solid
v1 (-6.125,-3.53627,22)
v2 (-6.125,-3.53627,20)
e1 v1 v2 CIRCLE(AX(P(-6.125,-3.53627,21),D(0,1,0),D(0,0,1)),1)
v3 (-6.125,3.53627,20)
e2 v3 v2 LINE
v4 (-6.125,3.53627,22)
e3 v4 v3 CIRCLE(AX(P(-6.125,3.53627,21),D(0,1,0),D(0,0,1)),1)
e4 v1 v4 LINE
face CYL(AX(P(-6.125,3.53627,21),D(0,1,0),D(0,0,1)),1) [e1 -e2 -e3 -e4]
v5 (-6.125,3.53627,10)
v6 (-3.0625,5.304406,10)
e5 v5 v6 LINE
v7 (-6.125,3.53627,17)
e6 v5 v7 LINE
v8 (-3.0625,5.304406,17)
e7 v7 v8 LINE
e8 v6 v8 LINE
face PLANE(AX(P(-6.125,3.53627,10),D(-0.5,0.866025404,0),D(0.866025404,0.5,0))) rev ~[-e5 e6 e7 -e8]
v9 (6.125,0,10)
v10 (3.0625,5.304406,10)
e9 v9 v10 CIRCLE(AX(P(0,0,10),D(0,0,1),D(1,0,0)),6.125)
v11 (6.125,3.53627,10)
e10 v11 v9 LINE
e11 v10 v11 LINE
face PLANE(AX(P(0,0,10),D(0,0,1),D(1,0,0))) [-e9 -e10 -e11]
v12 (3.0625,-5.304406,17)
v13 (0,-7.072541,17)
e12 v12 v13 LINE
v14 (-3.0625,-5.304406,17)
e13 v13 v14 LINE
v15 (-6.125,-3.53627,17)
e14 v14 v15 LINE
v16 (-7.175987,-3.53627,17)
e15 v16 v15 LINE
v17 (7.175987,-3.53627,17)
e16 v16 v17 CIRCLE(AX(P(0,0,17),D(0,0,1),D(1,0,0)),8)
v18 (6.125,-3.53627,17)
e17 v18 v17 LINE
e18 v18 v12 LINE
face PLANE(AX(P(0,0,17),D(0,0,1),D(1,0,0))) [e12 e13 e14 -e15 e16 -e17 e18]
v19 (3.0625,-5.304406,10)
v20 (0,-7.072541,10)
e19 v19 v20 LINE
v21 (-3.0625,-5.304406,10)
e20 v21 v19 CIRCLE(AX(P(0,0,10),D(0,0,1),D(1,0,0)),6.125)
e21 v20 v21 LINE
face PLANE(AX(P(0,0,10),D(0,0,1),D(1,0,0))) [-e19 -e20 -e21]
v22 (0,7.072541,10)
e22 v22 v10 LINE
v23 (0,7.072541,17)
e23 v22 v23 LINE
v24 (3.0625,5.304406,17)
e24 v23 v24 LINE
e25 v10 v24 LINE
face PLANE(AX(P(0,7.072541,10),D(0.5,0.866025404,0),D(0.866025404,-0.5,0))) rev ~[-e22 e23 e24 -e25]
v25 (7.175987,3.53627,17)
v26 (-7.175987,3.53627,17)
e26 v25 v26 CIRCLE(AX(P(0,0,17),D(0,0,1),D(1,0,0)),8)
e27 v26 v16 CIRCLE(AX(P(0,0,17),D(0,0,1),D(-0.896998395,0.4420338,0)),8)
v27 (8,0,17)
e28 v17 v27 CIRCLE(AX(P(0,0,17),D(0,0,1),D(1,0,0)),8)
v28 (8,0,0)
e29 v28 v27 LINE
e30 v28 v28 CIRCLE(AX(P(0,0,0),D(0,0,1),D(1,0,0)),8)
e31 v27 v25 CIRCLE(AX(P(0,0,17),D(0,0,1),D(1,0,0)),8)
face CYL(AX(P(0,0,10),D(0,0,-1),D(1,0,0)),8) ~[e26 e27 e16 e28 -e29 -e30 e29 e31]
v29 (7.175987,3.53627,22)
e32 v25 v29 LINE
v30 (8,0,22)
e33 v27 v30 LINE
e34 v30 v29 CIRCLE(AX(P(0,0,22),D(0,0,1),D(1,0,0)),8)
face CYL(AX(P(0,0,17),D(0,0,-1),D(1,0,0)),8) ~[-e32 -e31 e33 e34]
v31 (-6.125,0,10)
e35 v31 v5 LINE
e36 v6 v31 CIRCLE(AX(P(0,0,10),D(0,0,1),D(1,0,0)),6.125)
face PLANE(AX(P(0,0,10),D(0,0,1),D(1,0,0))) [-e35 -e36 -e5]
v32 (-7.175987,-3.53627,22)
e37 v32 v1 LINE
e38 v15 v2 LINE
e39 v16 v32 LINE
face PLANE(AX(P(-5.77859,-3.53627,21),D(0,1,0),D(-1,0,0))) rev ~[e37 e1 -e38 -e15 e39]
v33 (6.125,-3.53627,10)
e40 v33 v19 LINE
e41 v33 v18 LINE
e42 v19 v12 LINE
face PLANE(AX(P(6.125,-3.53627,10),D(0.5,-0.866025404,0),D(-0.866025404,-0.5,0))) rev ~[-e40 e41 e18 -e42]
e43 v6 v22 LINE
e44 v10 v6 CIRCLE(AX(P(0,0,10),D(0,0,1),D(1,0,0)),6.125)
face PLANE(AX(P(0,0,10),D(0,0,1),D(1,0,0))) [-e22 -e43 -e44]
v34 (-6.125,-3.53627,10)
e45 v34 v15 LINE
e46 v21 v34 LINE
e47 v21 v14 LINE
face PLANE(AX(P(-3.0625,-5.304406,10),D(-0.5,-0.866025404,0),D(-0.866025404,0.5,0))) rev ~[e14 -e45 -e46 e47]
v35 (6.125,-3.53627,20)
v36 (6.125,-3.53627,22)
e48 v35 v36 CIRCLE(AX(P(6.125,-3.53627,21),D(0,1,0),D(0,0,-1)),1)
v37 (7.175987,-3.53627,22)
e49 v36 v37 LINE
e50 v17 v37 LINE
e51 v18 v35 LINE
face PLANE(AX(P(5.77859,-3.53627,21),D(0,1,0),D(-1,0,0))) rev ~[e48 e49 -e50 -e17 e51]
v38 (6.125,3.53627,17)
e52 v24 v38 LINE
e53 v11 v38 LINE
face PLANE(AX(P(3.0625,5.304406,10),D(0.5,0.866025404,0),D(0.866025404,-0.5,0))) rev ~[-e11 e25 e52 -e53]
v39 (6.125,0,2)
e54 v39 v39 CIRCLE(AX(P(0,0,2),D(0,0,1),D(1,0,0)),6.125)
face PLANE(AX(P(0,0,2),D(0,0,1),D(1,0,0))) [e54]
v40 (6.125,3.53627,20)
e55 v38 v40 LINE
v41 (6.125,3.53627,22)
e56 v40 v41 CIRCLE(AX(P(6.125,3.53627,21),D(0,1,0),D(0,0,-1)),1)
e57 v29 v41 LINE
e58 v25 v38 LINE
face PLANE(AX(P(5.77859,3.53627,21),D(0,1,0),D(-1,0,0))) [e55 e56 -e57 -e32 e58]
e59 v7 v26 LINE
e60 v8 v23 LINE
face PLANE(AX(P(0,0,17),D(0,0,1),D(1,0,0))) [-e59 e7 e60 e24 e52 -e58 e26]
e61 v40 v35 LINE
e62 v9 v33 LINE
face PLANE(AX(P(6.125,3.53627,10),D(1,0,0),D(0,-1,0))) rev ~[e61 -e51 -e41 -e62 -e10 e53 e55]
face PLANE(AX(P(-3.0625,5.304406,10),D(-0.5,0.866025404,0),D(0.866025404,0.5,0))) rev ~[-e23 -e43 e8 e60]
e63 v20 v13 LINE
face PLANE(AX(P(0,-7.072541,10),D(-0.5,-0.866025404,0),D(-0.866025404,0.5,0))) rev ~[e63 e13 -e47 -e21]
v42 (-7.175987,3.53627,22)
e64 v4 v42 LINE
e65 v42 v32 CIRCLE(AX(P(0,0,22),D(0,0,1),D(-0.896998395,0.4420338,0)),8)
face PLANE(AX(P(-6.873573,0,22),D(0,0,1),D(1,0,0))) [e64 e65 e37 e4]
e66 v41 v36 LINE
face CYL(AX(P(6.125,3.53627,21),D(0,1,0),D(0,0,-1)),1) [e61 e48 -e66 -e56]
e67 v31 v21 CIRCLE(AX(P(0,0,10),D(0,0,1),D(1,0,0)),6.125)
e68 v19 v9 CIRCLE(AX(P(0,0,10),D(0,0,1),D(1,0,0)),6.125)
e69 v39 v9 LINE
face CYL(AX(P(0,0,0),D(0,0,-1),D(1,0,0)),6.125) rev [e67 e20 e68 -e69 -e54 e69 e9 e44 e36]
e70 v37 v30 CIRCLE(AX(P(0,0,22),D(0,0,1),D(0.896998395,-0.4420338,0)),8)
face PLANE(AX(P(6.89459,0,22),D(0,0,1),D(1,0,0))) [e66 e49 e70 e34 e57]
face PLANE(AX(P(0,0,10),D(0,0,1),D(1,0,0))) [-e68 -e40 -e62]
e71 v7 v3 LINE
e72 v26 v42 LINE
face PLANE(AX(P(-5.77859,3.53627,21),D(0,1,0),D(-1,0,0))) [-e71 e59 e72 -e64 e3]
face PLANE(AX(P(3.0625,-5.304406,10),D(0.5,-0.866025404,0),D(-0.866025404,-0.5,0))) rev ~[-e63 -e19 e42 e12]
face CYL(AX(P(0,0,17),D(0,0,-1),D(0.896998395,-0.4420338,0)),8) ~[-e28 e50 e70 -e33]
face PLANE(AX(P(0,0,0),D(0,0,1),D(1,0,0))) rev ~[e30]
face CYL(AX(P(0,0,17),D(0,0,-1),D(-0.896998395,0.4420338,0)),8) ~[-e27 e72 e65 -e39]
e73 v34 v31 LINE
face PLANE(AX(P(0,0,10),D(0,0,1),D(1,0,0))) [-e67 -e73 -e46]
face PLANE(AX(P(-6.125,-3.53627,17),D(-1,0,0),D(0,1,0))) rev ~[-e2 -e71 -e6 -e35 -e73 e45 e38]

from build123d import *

# Parameters (mm, degrees)
F0_R      = 6.125
F1_DEPTH  = 2
F0_R_2    = 8
F2_DEPTH  = 10
F3_R      = 8
F4_DEPTH  = 7
F6_DEPTH  = 5
F8_DEPTH  = 7.0725407976
F10_DEPTH = 7.0725407976


with BuildPart() as f1:
    # F0 (on Top) → F1 (new body)
    with BuildSketch(Plane.XY):
        Circle(F0_R)
    extrude(amount=F1_DEPTH)

    # F0 (on Top) → F2 (join)
    with BuildSketch(Plane.XY):
        Circle(F0_R_2)
        Circle(F0_R, mode=Mode.SUBTRACT)
    extrude(amount=F2_DEPTH)

    # F3 (on face) → F4 (join)
    with BuildSketch(Plane.XY.offset(10)):
        Circle(F3_R)
        Polygon((3.0624998551, 5.3044056818), (6.125, 3.5362703988), (6.125, 0), (6.125, -3.5362703988), (3.0625000444, -5.3044055725), (0, -7.0725407976), (-3.0625000444, -5.3044055725), (-6.125, -3.5362703988), (-6.125, 0), (-6.125, 3.5362703988), (-3.0624999859, 5.3044056063), (0, 7.0725407976), align=None, mode=Mode.SUBTRACT)
    extrude(amount=F4_DEPTH)

    # F5 (on face) → F6 (join)
    with BuildSketch(Plane.XY.offset(17)):
        with BuildLine():
            Line((-6.125, -3.5362703988), (-6.125, 3.5362703988))
            Line((-6.125, 3.5362703988), (-7.1759871563, 3.5362703988))
            ThreePointArc((-7.1759871563, 3.5362703988), (-8, 0), (-7.1759871563, -3.5362703988))
            Line((-7.1759871563, -3.5362703988), (-6.125, -3.5362703988))
        make_face()
        with BuildLine():
            ThreePointArc((8, 0), (7.7912738769, 1.8155030639), (7.1759871563, 3.5362703988))
            Line((7.1759871563, 3.5362703988), (6.125, 3.5362703988))
            Line((6.125, 3.5362703988), (6.125, -3.5362703988))
            Line((6.125, -3.5362703988), (7.1759871563, -3.5362703988))
            ThreePointArc((7.1759871563, -3.5362703988), (7.7912738769, -1.8155030639), (8, 0))
        make_face()
    extrude(amount=F6_DEPTH)

    # F7 (on face) → F8 (join, through all)
    with BuildSketch(Plane(origin=(0, 3.5362703988, 0), x_dir=(-1, 0, 0), z_dir=(0, 1, 0))):
        with BuildLine():
            Line((6.125, 20), (6.125, 22))
            ThreePointArc((6.125, 22), (5.125, 21), (6.125, 20))
        make_face()
    extrude(amount=-F8_DEPTH)

    # F9 (on face) → F10 (join, through all)
    with BuildSketch(Plane(origin=(0, 3.5362703988, 0), x_dir=(-1, 0, 0), z_dir=(0, 1, 0))):
        with BuildLine():
            Line((-6.125, 22), (-6.125, 20))
            ThreePointArc((-6.125, 20), (-5.125, 21), (-6.125, 22))
        make_face()
    extrude(amount=-F10_DEPTH)


solid = f1.part
